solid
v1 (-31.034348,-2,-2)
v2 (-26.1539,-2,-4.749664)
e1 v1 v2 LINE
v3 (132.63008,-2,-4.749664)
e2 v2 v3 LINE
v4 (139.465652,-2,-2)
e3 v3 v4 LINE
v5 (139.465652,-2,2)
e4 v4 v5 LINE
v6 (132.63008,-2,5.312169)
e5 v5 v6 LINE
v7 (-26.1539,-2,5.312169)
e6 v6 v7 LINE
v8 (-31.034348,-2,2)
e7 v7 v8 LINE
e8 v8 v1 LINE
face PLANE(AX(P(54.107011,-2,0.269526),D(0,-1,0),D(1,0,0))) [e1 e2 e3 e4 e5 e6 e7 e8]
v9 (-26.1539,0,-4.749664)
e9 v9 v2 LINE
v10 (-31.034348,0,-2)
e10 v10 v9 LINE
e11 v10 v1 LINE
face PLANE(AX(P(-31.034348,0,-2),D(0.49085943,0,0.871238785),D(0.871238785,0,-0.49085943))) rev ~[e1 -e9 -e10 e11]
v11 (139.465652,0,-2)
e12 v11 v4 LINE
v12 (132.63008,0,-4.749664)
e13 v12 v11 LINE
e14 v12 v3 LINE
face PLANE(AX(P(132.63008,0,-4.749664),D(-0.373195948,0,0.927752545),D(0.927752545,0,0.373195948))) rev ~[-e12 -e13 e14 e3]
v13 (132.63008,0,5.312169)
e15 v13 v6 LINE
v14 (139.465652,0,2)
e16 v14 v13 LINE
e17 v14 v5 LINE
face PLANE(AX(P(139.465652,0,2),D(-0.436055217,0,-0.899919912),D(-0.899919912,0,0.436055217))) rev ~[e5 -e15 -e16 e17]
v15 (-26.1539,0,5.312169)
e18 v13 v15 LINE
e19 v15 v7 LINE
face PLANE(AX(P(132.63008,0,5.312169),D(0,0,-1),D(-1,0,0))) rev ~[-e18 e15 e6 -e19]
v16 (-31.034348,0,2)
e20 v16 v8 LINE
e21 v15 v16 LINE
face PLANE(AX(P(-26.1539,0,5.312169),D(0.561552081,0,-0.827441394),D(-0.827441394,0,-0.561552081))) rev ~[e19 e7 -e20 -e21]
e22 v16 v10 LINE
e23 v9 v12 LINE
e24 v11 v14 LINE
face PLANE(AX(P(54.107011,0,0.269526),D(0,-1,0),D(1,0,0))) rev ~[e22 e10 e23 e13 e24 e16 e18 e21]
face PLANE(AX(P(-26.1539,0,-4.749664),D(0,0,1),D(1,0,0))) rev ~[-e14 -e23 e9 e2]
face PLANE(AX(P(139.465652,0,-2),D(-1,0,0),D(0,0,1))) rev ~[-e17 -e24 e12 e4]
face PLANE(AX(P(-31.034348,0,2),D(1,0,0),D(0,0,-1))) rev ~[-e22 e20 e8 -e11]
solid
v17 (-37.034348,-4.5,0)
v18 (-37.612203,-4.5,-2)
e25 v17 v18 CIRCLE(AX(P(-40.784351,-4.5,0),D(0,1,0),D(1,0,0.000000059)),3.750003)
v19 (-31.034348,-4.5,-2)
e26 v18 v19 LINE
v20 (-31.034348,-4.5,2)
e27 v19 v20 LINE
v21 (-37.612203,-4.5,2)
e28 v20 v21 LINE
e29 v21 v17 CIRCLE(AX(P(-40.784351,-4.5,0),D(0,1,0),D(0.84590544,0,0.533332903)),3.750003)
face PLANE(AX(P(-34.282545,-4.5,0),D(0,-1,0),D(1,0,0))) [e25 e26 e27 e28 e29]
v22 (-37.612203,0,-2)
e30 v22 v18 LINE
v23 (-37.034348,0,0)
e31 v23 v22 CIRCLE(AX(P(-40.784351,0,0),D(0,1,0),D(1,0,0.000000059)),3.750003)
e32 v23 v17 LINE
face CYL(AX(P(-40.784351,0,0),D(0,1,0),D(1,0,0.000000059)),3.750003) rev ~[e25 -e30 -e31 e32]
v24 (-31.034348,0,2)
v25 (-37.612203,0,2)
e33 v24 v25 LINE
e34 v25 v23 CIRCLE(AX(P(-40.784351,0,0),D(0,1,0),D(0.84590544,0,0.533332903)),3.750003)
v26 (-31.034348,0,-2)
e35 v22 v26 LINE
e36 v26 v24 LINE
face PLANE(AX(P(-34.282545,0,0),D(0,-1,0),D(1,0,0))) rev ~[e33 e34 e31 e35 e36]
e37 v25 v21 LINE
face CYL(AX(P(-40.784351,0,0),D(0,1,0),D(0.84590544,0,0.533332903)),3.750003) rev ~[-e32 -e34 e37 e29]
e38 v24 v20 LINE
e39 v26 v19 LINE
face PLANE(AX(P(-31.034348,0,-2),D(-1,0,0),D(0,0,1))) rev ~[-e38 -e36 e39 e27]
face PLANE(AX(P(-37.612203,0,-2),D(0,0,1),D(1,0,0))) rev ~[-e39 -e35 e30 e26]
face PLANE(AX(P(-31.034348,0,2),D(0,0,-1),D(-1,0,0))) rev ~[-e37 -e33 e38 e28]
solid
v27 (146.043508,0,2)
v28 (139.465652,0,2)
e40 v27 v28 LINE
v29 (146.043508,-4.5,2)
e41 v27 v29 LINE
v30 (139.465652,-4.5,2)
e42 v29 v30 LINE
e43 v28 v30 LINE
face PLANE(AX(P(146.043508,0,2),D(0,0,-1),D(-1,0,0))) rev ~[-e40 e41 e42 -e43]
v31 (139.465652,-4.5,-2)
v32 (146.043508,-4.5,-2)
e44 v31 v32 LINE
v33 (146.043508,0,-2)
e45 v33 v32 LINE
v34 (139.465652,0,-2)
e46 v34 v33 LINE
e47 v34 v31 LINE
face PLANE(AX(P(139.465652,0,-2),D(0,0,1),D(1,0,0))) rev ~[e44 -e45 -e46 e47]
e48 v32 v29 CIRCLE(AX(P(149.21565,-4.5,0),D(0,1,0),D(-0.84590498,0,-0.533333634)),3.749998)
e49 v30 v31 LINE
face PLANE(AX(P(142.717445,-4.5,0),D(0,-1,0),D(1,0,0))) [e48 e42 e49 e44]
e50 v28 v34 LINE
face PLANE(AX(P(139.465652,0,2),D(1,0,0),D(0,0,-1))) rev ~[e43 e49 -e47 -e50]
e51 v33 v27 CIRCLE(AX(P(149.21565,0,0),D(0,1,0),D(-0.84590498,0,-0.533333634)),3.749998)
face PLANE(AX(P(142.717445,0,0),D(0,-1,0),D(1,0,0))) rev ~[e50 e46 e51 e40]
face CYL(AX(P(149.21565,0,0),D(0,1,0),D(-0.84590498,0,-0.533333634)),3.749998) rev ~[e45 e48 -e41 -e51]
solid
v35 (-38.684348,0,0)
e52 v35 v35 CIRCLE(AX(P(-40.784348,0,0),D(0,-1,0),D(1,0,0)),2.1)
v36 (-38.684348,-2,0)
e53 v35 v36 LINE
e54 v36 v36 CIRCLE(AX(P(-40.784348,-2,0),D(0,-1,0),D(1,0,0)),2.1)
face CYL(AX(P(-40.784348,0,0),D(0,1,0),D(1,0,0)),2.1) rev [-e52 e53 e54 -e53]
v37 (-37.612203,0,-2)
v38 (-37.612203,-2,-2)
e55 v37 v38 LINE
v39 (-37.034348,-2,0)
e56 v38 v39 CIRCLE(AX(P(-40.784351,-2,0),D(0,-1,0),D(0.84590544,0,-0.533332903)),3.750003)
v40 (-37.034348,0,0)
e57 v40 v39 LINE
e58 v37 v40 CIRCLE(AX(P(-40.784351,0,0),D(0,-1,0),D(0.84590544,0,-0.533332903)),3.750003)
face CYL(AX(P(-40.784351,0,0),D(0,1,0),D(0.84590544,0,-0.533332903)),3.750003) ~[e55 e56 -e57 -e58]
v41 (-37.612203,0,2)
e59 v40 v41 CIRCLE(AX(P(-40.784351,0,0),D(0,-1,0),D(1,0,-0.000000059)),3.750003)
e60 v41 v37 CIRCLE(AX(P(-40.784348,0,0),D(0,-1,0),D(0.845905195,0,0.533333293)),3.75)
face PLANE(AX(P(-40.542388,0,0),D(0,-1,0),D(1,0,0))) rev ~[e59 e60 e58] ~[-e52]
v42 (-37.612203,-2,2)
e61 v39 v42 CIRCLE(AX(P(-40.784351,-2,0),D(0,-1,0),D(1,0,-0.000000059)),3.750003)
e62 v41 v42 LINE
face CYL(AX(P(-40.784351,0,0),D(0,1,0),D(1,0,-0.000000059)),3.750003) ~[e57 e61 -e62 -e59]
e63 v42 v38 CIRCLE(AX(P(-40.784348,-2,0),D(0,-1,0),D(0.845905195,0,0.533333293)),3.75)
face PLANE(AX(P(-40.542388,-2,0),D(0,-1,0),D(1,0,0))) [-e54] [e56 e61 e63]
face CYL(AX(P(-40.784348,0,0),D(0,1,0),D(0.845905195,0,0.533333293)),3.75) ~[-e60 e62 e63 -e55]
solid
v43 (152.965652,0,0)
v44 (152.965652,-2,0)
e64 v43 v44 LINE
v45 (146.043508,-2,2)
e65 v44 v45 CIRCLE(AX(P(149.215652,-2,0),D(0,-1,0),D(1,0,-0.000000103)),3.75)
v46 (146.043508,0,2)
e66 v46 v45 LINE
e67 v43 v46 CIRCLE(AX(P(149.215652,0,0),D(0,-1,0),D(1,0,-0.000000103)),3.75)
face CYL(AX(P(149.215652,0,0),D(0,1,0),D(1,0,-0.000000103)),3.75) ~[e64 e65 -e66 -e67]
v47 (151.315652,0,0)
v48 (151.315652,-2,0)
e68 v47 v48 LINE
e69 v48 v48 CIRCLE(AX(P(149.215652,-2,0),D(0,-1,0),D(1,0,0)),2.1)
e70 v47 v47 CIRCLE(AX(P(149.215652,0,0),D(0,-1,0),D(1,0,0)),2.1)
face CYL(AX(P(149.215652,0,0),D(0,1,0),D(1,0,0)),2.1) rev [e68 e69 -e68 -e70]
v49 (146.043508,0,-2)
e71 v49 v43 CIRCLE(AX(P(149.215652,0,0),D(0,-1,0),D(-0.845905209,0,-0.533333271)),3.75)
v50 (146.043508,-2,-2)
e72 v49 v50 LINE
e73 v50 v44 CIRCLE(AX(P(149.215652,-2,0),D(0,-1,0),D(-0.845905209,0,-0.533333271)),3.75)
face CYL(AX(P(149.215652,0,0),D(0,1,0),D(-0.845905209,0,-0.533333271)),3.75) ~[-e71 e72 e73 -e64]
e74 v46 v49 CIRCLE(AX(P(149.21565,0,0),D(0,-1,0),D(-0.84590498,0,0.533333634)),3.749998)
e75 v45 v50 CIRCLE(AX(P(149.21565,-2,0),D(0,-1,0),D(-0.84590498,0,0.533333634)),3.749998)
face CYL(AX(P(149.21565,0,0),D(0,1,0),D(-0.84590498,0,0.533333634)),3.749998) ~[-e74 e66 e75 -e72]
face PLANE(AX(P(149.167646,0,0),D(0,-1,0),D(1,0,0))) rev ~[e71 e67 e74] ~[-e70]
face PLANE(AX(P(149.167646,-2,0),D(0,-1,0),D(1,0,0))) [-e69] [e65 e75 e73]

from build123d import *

# Parameters (mm, degrees)
F0_R     = 2.1
F1_DEPTH = 2
F2_DEPTH = 4.5
F3_DEPTH = 2


with BuildPart() as f1:
    # F0 (on Front) → F1 (new body)
    with BuildSketch(Plane.XZ):
        with BuildLine():
            ThreePointArc((-37.612203, -2), (-37.181707, -1.040903), (-37.034348, 0))
            ThreePointArc((-37.034348, 0), (-37.181707, 1.040903), (-37.612203, 2))
            ThreePointArc((-37.612203, 2), (-44.534348, 0), (-37.612203, -2))
        make_face()
        with Locations((-40.784348, 0)):
            Circle(F0_R, mode=Mode.SUBTRACT)
        with BuildLine():
            ThreePointArc((152.965652, 0), (150.256555, 3.602641), (146.043508, 2))
            ThreePointArc((146.043508, 2), (145.465652, 0), (146.043508, -2))
            ThreePointArc((146.043508, -2), (150.256555, -3.602641), (152.965652, 0))
        make_face()
        with Locations((149.215652, 0)):
            Circle(F0_R, mode=Mode.SUBTRACT)
    extrude(amount=F1_DEPTH)


with BuildPart() as f2:
    # F0 (on Front) → F2 (new body)
    with BuildSketch(Plane.XZ):
        with BuildLine():
            Line((146.043508, 2), (139.465652, 2))
            Line((139.465652, 2), (139.465652, -2))
            Line((139.465652, -2), (146.043508, -2))
            ThreePointArc((146.043508, -2), (145.465652, 0), (146.043508, 2))
        make_face()
        with BuildLine():
            ThreePointArc((-37.612203, 2), (-37.181707, 1.040903), (-37.034348, 0))
            ThreePointArc((-37.034348, 0), (-37.181707, -1.040903), (-37.612203, -2))
            Line((-37.612203, -2), (-31.034348, -2))
            Line((-31.034348, -2), (-31.034348, 2))
            Line((-31.034348, 2), (-37.612203, 2))
        make_face()
    extrude(amount=F2_DEPTH)


with BuildPart() as f3:
    # F0 (on Front) → F3 (new body)
    with BuildSketch(Plane.XZ):
        Polygon((-26.1539, 5.312169), (-31.034348, 2), (-31.034348, -2), (-26.1539, -4.749664), (132.63008, -4.749664), (139.465652, -2), (139.465652, 2), (132.63008, 5.312169), align=None)
    extrude(amount=F3_DEPTH)


solid = Compound([f1.part, f2.part, f3.part])
